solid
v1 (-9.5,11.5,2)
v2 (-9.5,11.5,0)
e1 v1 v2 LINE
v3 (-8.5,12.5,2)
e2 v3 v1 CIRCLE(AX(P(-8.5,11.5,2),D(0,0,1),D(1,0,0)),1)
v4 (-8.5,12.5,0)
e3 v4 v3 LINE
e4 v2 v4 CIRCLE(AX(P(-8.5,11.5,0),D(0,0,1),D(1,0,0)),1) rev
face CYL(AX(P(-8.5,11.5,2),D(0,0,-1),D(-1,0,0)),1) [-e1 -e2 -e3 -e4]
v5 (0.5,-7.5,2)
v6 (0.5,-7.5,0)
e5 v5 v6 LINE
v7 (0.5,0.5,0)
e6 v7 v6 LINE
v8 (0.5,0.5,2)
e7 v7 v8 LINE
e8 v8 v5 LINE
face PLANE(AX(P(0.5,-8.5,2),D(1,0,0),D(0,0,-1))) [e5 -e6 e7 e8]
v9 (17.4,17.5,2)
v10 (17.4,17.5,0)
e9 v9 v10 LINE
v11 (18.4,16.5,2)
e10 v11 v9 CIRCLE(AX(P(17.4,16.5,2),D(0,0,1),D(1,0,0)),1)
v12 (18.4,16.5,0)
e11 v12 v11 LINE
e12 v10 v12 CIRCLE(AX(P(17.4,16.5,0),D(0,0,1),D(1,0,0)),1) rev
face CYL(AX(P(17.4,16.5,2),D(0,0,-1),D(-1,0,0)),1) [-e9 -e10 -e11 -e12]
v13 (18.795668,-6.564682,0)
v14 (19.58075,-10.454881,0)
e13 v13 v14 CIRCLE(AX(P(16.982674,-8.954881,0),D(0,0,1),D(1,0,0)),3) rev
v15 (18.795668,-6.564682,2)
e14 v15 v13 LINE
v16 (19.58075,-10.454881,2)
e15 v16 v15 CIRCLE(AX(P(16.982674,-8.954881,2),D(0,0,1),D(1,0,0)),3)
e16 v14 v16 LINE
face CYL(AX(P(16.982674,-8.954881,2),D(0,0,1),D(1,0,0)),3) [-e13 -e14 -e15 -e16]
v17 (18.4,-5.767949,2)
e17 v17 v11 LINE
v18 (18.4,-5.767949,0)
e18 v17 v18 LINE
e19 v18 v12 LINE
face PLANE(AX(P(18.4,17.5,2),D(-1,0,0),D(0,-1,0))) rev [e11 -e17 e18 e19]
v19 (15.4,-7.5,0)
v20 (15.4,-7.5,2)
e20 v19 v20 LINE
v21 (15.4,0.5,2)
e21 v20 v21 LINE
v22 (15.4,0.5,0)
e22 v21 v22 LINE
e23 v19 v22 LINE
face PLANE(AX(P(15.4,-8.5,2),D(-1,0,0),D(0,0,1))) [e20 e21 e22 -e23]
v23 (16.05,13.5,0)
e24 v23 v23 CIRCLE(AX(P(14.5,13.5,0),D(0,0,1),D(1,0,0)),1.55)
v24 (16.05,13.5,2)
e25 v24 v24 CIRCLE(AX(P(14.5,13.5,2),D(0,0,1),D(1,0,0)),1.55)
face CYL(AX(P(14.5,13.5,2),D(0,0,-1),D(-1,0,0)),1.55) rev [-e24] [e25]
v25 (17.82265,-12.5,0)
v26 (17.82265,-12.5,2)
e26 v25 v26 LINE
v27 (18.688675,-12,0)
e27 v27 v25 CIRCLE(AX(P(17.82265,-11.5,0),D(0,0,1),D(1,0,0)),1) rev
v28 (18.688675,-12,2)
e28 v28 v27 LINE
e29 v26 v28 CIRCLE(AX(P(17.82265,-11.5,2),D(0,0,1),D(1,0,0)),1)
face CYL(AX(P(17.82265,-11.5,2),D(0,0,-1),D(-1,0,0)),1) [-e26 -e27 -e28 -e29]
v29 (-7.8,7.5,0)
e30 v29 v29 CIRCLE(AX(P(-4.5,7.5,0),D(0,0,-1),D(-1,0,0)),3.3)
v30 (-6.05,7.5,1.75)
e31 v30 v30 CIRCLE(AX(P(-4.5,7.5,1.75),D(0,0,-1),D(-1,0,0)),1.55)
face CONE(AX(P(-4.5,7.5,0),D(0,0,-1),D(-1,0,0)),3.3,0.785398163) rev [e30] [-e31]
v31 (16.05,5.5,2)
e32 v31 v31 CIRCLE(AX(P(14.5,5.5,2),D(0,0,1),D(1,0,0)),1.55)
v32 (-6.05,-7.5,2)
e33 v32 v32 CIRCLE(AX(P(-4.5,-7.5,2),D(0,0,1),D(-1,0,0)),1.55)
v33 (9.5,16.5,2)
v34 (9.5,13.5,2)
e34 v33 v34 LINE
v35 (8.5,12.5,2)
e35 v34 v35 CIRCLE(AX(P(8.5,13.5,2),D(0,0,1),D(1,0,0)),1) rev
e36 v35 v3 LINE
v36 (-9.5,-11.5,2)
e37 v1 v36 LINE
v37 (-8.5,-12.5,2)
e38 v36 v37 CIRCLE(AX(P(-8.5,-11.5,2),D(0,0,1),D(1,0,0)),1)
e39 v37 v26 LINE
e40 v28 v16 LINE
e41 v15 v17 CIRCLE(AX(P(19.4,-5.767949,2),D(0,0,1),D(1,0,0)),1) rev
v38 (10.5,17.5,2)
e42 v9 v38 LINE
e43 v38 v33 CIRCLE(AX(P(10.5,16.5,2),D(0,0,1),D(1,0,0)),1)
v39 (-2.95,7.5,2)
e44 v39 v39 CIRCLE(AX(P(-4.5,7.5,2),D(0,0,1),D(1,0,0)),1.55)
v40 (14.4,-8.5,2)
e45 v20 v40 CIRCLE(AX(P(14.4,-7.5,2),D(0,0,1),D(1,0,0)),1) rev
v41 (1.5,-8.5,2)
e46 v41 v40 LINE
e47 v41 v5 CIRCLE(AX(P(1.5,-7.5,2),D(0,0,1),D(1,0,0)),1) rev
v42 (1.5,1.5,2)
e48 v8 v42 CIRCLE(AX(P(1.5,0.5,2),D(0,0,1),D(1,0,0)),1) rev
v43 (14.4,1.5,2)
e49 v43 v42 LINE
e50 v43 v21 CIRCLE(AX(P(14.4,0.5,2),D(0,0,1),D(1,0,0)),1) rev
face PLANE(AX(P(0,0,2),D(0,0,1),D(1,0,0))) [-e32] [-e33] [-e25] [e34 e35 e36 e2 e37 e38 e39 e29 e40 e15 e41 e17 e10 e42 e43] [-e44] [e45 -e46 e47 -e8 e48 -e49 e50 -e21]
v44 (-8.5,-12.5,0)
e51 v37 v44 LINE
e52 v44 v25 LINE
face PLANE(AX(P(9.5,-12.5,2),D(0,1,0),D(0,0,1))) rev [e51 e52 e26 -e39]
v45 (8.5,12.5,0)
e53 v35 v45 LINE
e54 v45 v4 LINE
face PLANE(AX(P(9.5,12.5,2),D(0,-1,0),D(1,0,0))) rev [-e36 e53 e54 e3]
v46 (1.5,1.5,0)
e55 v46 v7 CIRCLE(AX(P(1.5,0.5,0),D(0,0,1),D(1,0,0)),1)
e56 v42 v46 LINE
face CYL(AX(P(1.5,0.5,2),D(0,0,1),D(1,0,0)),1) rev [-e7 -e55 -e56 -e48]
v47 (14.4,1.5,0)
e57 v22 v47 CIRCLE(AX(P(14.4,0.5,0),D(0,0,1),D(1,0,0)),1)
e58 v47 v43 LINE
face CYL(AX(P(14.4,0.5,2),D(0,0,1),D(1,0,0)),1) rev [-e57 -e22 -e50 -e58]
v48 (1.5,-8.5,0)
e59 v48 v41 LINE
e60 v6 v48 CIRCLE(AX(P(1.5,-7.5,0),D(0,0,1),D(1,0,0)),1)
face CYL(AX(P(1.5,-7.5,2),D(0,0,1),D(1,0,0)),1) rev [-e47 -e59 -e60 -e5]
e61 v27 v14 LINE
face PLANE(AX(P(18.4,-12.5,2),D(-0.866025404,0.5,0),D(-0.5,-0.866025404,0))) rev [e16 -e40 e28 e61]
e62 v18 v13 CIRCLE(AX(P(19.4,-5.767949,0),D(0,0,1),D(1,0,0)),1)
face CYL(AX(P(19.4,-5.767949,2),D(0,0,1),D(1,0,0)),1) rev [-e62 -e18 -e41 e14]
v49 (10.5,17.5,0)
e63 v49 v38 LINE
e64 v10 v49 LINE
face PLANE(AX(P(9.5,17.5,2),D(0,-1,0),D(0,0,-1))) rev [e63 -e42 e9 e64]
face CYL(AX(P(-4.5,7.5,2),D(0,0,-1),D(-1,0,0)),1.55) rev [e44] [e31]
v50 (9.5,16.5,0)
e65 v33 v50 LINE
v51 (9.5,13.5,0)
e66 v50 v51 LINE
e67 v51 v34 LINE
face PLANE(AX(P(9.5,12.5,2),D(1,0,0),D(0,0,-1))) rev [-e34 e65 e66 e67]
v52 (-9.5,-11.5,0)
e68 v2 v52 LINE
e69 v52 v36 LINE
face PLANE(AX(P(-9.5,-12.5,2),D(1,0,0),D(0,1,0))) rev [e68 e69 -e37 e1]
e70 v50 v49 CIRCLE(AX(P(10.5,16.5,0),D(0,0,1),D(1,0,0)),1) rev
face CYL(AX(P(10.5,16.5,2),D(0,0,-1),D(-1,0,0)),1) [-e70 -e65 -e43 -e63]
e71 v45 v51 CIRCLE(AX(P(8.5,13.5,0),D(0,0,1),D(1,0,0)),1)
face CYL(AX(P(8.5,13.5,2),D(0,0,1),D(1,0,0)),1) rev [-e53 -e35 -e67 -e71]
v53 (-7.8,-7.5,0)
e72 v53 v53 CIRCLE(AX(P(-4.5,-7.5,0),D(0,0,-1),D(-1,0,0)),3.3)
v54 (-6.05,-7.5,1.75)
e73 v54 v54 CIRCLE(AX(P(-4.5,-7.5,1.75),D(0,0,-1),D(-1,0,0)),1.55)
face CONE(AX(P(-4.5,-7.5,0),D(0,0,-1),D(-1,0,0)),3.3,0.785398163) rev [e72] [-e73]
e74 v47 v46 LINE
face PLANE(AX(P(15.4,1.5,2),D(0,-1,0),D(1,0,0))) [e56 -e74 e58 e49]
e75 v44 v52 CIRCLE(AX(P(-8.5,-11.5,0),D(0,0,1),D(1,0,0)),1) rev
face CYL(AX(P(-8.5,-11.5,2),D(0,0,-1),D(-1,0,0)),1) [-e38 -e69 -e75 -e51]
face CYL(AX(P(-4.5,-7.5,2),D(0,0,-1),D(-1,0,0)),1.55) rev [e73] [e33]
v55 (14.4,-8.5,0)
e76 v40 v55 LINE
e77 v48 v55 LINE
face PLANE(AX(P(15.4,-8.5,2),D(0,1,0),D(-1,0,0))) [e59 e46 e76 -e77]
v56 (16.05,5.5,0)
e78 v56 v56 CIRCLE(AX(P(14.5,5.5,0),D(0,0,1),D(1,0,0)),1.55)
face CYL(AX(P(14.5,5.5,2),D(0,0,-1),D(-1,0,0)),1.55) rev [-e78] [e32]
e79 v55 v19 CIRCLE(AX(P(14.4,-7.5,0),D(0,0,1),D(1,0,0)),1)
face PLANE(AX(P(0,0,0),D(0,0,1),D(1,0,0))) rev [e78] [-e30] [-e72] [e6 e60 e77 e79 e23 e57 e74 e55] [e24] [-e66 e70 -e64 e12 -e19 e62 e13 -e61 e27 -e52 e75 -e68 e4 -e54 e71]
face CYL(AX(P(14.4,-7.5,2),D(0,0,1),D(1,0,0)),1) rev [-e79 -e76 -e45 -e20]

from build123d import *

# Parameters (mm, degrees)
SKETCH_1_R               = 1.55
SKETCH_1_W               = 14.9
SKETCH_1_H               = 10
EXTRUDE_1_DEPTH          = 2
FILLET_1_R               = 1
HOLE_WIZARD_1_AT_2_COUNT = 2
HOLE_WIZARD_1_AT_2_PITCH = 15
FILLET_2_R               = 3


with BuildPart() as part:
    # 草图1 → 凸台-拉伸1 (new body)
    with BuildSketch(Plane.XY):
        Polygon((9.5, -12.5), (-9.5, -12.5), (-9.5, 12.5), (9.5, 12.5), (9.5, 17.5), (18.4, 17.5), (18.4, 2.5), (18.4, -7.5), (22.730127019, -5), (18.4, -12.5), align=None)
        with Locations((14.5, 13.5)):
            Circle(SKETCH_1_R, mode=Mode.SUBTRACT)
        with Locations((14.5, 5.5)):
            Circle(SKETCH_1_R, mode=Mode.SUBTRACT)
        with Locations((-4.5, 7.5)):
            Circle(SKETCH_1_R, mode=Mode.SUBTRACT)
        with Locations(Location((-4.5, -7.5, 0), (0, 0, 180))):
            Circle(SKETCH_1_R, mode=Mode.SUBTRACT)
        with Locations((7.95, -3.5)):
            Rectangle(SKETCH_1_W, SKETCH_1_H, mode=Mode.SUBTRACT)
    extrude(amount=EXTRUDE_1_DEPTH)

    # 圆角1
    fillet_1_edges = [part.edges().sort_by_distance(p)[0] for p in [
        (-9.5, 12.5, 1),
        (9.5, 12.5, 1),
        (9.5, 17.5, 1),
        (18.4, 17.5, 1),
        (18.4, -7.5, 1),
        (18.4, -12.5, 1),
        (-9.5, -12.5, 1),
        (0.5, 1.5, 1),
        (0.5, -8.5, 1),
        (15.4, -8.5, 1),
        (15.4, 1.5, 1),
    ]]
    fillet(fillet_1_edges, radius=FILLET_1_R)

    # 草图2 → 打孔尺寸(%根据十字)槽沉头木螺钉的类型1 (revolve, cut)
    with BuildSketch(Plane(origin=(-4.5, 7.5, 0), x_dir=(0, 1, 0), z_dir=(1, 0, 0))):
        Polygon((0, 0), (0, 2), (1.55, 2), (1.55, 1.75), (3.3, 0), align=None)
    hole_wizard_1 = revolve(axis=Axis((-4.5, 7.5, -6.35), (0, 0, 1)), mode=Mode.SUBTRACT)

    # 打孔尺寸(%根据十字)槽沉头木螺钉的类型1 at 2: 打孔尺寸(%根据十字)槽沉头木螺钉的类型1 ×2
    with Locations(*[(0, -i * HOLE_WIZARD_1_AT_2_PITCH, 0) for i in range(1, HOLE_WIZARD_1_AT_2_COUNT)]):
        add(hole_wizard_1, mode=Mode.SUBTRACT)

    # 圆角2
    fillet_2_edges = [part.edges().sort_by_distance(p)[0] for p in [
        (22.730127019, -5, 1),
    ]]
    fillet(fillet_2_edges, radius=FILLET_2_R)


solid = part.part
